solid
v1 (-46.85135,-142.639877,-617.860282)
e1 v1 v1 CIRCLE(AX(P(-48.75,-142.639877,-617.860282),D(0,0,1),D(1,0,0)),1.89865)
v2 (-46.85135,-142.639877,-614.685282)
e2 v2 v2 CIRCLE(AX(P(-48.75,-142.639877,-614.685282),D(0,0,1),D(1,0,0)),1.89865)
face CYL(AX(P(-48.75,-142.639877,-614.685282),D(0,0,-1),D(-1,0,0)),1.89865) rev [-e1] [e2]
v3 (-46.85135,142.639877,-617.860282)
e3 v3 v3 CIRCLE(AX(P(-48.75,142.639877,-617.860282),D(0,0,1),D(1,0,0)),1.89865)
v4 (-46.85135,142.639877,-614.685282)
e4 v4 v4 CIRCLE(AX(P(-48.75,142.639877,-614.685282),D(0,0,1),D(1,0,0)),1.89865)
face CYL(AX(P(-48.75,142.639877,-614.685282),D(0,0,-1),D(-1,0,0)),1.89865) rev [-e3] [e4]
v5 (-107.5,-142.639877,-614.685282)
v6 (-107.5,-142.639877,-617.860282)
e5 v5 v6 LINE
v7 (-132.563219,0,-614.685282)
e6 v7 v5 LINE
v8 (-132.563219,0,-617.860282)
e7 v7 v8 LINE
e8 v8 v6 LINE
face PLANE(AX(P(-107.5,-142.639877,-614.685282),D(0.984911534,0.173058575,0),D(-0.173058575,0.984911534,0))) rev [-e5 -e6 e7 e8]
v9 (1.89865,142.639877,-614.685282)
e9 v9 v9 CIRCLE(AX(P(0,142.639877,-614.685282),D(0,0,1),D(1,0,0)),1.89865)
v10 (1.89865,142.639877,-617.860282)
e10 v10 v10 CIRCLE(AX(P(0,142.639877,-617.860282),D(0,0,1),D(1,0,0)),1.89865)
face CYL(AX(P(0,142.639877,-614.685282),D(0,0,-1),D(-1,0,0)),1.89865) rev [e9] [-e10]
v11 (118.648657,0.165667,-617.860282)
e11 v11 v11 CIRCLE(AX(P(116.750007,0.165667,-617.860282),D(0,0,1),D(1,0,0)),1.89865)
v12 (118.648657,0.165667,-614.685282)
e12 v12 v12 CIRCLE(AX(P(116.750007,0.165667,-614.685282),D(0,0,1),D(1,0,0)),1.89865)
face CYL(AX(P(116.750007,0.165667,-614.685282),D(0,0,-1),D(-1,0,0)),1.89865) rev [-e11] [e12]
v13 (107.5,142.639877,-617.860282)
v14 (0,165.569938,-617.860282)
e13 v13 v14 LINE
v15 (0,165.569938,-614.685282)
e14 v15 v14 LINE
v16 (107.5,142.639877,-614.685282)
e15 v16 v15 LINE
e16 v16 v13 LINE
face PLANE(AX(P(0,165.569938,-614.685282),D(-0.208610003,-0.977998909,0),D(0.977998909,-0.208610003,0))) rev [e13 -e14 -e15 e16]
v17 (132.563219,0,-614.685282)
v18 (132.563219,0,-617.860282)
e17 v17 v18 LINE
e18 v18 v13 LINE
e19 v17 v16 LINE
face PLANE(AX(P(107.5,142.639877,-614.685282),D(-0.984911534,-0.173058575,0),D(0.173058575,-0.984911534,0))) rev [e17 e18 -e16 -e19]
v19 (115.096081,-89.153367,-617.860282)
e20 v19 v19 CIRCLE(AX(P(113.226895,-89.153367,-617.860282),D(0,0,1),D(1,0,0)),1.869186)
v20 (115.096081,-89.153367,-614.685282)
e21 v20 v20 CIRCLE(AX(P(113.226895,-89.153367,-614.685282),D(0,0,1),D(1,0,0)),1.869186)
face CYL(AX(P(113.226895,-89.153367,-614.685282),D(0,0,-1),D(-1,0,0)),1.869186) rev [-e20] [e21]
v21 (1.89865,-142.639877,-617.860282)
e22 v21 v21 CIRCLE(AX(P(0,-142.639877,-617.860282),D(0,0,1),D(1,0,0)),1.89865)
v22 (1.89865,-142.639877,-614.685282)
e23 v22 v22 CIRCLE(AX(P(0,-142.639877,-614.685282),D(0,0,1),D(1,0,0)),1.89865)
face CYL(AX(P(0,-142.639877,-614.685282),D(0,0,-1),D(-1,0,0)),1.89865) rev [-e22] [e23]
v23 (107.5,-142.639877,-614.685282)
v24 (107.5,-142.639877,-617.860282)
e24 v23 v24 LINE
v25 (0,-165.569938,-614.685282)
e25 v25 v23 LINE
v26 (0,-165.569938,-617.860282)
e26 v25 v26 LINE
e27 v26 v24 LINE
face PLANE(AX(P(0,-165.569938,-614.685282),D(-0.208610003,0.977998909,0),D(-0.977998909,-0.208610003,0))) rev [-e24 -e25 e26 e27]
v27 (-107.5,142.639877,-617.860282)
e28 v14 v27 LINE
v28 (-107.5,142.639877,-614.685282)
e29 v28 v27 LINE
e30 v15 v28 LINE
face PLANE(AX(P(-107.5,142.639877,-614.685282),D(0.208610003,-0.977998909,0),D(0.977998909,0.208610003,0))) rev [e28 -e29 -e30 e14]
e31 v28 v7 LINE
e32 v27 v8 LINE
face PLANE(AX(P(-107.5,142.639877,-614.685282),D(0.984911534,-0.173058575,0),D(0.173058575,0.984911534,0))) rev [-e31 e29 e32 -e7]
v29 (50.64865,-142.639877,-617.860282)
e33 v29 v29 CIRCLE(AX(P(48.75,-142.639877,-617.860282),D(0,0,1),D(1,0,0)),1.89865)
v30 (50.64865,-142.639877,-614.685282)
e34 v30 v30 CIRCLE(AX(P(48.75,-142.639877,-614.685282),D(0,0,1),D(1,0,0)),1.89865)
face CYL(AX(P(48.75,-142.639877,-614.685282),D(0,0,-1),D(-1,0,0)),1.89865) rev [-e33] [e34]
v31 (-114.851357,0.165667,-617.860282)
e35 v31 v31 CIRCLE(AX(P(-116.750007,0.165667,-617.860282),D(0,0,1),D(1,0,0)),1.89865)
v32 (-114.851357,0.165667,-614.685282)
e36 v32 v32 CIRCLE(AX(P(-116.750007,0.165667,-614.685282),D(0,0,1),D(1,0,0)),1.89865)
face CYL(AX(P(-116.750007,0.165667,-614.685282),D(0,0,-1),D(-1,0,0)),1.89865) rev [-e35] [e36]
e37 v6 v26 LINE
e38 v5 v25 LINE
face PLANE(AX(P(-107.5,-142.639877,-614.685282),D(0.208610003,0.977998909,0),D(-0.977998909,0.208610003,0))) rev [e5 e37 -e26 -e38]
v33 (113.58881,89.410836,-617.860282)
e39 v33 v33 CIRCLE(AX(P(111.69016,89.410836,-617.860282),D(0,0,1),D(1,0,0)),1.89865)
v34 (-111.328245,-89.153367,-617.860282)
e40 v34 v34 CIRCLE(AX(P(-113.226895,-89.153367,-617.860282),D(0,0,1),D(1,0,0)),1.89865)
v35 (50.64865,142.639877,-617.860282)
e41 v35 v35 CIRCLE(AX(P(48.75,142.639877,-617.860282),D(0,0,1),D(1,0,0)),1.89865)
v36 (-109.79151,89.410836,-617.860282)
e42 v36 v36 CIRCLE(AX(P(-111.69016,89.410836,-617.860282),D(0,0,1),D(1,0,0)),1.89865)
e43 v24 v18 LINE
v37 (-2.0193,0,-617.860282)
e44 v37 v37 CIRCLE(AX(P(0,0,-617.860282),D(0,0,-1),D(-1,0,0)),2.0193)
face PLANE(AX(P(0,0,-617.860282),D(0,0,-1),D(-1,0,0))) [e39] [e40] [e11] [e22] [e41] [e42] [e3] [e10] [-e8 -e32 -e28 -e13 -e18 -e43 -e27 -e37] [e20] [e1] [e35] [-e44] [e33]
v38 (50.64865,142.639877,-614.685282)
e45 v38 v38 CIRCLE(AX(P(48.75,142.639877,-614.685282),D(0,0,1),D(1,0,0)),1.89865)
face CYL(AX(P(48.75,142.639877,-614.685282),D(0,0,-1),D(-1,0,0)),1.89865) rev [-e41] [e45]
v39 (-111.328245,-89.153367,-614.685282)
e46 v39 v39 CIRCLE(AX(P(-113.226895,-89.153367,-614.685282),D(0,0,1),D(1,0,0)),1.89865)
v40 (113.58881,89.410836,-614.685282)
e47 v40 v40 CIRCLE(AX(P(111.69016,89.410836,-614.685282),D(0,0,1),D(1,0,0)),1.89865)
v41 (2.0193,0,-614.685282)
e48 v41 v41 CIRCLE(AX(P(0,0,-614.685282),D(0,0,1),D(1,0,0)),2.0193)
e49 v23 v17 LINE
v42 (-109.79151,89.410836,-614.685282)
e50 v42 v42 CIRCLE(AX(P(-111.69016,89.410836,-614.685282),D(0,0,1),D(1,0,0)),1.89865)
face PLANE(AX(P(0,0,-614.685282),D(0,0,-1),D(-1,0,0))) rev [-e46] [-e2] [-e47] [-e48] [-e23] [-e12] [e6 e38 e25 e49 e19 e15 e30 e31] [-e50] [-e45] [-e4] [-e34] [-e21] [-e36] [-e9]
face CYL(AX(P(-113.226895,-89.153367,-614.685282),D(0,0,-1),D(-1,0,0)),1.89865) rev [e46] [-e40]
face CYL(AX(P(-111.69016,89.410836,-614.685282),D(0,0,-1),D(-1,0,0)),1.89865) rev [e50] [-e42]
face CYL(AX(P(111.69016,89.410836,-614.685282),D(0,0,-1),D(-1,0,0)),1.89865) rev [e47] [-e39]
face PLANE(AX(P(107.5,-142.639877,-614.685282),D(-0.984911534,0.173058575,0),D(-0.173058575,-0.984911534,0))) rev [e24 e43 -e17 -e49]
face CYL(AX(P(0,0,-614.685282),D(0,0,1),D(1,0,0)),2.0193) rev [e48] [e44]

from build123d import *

# Parameters (mm, degrees)
SKETCH1_R              = 1.89865
SKETCH1_R_2            = 1.869185851
MAINBODY_DEPTH         = 3.175
F_10_32_TAPPED_HOLE1_D = 4.0386


with BuildPart() as part:
    # Sketch1 → MainBody (new body)
    with BuildSketch(Plane.XY.offset(-617.860281703)):
        Polygon((-107.5, 142.639876692), (-132.56321938, 0), (-107.5, -142.639876692), (0, -165.569938346), (107.5, -142.639876692), (132.56321938, 0), (107.5, 142.639876692), (0, 165.569938346), align=None)
        with Locations((48.75, -142.639876692)):
            Circle(SKETCH1_R, mode=Mode.SUBTRACT)
        with Locations((0, -142.639876692)):
            Circle(SKETCH1_R, mode=Mode.SUBTRACT)
        with Locations((-48.75, -142.639876692)):
            Circle(SKETCH1_R, mode=Mode.SUBTRACT)
        with Locations((-113.226895498, -89.153367391)):
            Circle(SKETCH1_R, mode=Mode.SUBTRACT)
        with Locations((-116.750007419, 0.165666821)):
            Circle(SKETCH1_R, mode=Mode.SUBTRACT)
        with Locations((-111.690160304, 89.410835528)):
            Circle(SKETCH1_R, mode=Mode.SUBTRACT)
        with Locations((111.690160304, 89.410835528)):
            Circle(SKETCH1_R, mode=Mode.SUBTRACT)
        with Locations((116.750007419, 0.165666821)):
            Circle(SKETCH1_R, mode=Mode.SUBTRACT)
        with Locations((113.226895498, -89.153367391)):
            Circle(SKETCH1_R_2, mode=Mode.SUBTRACT)
        with Locations((48.75, 142.639876692)):
            Circle(SKETCH1_R, mode=Mode.SUBTRACT)
        with Locations((0, 142.639876692)):
            Circle(SKETCH1_R, mode=Mode.SUBTRACT)
        with Locations((-48.75, 142.639876692)):
            Circle(SKETCH1_R, mode=Mode.SUBTRACT)
    extrude(amount=MAINBODY_DEPTH)

    # #10-32 Tapped Hole1 (through all)
    with Locations(Plane.XY.offset(-614.685281703)):
        with Locations((0, 0)):
            Hole(F_10_32_TAPPED_HOLE1_D / 2)


solid = part.part
